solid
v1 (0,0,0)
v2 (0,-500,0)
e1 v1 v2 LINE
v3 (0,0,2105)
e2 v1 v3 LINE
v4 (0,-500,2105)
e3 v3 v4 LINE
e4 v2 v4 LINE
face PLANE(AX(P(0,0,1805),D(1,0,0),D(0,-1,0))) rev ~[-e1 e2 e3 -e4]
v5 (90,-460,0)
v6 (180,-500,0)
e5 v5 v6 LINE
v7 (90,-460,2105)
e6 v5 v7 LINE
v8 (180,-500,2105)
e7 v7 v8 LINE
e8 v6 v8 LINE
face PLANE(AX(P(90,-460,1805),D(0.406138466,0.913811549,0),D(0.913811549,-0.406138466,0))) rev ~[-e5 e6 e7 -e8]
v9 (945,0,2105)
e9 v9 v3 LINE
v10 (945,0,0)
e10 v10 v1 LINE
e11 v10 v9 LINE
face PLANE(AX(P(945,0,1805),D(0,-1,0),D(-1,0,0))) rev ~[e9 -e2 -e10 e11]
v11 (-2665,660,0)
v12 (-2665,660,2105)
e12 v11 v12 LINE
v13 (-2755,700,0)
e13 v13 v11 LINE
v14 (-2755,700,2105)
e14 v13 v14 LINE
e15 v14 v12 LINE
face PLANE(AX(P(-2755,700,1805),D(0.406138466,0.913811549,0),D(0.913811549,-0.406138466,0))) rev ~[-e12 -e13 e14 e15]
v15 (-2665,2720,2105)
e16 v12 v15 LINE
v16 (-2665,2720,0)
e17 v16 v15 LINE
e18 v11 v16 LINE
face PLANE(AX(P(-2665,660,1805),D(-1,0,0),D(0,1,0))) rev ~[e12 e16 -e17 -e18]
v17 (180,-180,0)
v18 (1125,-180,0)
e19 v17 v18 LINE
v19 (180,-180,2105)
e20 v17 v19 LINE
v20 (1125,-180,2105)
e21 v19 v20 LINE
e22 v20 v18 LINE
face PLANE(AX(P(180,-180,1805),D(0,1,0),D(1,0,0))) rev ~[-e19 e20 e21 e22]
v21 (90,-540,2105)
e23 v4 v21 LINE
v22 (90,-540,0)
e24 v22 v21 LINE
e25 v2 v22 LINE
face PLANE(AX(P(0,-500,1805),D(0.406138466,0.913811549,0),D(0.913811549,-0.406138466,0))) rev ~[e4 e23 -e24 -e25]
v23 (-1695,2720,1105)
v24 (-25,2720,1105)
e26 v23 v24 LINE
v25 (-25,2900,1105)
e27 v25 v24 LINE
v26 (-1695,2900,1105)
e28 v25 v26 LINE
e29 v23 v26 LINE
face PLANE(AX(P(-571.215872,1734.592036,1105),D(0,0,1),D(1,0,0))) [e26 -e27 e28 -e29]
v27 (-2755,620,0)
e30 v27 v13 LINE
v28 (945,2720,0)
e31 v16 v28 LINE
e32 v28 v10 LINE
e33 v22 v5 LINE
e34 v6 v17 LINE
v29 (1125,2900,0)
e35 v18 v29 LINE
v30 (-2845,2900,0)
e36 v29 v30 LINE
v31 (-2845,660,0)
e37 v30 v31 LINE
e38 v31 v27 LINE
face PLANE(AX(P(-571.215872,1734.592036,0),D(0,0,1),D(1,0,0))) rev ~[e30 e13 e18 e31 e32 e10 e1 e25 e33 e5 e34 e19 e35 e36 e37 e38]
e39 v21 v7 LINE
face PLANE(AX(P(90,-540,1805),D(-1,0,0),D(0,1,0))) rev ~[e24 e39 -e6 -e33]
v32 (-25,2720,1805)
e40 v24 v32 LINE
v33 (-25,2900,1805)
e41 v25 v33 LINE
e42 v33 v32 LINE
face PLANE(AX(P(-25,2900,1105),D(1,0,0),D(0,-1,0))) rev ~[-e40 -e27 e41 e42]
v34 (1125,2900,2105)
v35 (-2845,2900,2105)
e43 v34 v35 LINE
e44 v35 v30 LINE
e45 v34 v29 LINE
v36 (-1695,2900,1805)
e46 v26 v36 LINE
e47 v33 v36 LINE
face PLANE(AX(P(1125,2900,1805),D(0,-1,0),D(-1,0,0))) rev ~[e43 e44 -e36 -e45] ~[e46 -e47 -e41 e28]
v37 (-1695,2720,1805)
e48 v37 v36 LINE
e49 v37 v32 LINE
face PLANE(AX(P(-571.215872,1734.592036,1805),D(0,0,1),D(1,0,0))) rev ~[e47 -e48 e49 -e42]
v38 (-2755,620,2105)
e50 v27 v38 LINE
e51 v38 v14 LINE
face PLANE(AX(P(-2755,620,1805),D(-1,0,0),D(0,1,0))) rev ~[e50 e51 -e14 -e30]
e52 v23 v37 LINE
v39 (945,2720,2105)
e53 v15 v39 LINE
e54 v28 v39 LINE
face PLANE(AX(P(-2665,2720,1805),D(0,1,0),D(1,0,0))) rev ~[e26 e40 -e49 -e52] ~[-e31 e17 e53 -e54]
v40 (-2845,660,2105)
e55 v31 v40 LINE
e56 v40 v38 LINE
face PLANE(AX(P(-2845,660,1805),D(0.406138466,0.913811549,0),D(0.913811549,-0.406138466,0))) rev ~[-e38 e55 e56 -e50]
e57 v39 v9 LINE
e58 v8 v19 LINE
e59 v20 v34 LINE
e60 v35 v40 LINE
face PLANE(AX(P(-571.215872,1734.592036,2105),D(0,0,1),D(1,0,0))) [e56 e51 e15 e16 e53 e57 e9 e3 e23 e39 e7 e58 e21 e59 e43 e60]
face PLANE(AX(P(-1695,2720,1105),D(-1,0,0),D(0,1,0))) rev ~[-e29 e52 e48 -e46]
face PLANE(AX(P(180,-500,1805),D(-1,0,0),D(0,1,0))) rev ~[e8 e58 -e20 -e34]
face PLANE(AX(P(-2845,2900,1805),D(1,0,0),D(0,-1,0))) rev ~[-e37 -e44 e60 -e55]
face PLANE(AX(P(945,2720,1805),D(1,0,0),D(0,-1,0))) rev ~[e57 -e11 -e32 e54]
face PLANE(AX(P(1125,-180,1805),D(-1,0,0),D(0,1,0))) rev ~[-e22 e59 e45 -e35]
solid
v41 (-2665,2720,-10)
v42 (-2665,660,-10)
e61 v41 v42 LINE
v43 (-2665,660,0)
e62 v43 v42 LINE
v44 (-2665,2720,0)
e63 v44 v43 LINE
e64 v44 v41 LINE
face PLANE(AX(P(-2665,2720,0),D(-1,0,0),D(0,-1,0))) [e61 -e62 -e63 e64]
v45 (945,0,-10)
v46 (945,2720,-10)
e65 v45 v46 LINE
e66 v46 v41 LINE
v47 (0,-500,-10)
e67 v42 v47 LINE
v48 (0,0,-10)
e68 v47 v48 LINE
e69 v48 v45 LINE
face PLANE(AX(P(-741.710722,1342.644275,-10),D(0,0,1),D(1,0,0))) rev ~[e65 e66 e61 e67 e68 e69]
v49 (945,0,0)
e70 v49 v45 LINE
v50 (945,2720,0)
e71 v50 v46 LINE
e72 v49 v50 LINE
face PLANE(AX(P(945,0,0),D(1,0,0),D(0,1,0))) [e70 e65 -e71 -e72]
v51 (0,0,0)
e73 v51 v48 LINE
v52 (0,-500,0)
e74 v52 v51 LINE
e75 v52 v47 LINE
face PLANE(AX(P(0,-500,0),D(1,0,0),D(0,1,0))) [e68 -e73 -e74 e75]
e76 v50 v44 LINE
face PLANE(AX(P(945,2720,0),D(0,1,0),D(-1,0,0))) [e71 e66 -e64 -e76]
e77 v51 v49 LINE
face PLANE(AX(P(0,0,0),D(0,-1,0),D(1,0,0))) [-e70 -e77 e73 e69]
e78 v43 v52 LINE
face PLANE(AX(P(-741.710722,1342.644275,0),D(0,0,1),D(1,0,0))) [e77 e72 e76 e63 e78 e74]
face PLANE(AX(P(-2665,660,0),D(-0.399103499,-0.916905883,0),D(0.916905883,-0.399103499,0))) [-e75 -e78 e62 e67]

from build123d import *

# Parameters (mm, degrees)
F1_DEPTH = 1105
F3_DEPTH = 700
F5_DEPTH = 300
F7_DEPTH = 10


with BuildPart() as f1:
    # F0 (on Top) → F1 (new body)
    with BuildSketch(Plane.XY):
        Polygon((945, 0), (0, 0), (0, -500), (90, -540), (90, -460), (180, -500), (180, -180), (1125, -180), (1125, 2900), (-2845, 2900), (-2845, 660), (-2755, 620), (-2755, 700), (-2665, 660), (-2665, 2720), (945, 2720), align=None)
    extrude(amount=F1_DEPTH)

    # F2 (on face) → F3 (join)
    with BuildSketch(Plane.XY.offset(1105)):
        Polygon((-2665, 2720), (-1695, 2720), (-1695, 2900), (-2845, 2900), (-2845, 660), (-2755, 620), (-2755, 700), (-2665, 660), align=None)
        Polygon((0, 0), (0, -500), (90, -540), (90, -460), (180, -500), (180, -180), (1125, -180), (1125, 2900), (-25, 2900), (-25, 2720), (945, 2720), (945, 0), align=None)
    extrude(amount=F3_DEPTH)

    # F4 (on face) → F5 (join)
    with BuildSketch(Plane.XY.offset(1805)):
        Polygon((-2845, 2900), (-2845, 660), (-2755, 620), (-2755, 700), (-2665, 660), (-2665, 2720), (945, 2720), (945, 0), (0, 0), (0, -500), (90, -540), (90, -460), (180, -500), (180, -180), (1125, -180), (1125, 2900), align=None)
    extrude(amount=F5_DEPTH)


with BuildPart() as f7:
    # F6 (on Top) → F7 (new body)
    with BuildSketch(Plane.XY):
        Polygon((0, -500), (0, 0), (945, 0), (945, 2720), (-2665, 2720), (-2665, 660), align=None)
    extrude(amount=-F7_DEPTH)


solid = Compound([f1.part, f7.part])
